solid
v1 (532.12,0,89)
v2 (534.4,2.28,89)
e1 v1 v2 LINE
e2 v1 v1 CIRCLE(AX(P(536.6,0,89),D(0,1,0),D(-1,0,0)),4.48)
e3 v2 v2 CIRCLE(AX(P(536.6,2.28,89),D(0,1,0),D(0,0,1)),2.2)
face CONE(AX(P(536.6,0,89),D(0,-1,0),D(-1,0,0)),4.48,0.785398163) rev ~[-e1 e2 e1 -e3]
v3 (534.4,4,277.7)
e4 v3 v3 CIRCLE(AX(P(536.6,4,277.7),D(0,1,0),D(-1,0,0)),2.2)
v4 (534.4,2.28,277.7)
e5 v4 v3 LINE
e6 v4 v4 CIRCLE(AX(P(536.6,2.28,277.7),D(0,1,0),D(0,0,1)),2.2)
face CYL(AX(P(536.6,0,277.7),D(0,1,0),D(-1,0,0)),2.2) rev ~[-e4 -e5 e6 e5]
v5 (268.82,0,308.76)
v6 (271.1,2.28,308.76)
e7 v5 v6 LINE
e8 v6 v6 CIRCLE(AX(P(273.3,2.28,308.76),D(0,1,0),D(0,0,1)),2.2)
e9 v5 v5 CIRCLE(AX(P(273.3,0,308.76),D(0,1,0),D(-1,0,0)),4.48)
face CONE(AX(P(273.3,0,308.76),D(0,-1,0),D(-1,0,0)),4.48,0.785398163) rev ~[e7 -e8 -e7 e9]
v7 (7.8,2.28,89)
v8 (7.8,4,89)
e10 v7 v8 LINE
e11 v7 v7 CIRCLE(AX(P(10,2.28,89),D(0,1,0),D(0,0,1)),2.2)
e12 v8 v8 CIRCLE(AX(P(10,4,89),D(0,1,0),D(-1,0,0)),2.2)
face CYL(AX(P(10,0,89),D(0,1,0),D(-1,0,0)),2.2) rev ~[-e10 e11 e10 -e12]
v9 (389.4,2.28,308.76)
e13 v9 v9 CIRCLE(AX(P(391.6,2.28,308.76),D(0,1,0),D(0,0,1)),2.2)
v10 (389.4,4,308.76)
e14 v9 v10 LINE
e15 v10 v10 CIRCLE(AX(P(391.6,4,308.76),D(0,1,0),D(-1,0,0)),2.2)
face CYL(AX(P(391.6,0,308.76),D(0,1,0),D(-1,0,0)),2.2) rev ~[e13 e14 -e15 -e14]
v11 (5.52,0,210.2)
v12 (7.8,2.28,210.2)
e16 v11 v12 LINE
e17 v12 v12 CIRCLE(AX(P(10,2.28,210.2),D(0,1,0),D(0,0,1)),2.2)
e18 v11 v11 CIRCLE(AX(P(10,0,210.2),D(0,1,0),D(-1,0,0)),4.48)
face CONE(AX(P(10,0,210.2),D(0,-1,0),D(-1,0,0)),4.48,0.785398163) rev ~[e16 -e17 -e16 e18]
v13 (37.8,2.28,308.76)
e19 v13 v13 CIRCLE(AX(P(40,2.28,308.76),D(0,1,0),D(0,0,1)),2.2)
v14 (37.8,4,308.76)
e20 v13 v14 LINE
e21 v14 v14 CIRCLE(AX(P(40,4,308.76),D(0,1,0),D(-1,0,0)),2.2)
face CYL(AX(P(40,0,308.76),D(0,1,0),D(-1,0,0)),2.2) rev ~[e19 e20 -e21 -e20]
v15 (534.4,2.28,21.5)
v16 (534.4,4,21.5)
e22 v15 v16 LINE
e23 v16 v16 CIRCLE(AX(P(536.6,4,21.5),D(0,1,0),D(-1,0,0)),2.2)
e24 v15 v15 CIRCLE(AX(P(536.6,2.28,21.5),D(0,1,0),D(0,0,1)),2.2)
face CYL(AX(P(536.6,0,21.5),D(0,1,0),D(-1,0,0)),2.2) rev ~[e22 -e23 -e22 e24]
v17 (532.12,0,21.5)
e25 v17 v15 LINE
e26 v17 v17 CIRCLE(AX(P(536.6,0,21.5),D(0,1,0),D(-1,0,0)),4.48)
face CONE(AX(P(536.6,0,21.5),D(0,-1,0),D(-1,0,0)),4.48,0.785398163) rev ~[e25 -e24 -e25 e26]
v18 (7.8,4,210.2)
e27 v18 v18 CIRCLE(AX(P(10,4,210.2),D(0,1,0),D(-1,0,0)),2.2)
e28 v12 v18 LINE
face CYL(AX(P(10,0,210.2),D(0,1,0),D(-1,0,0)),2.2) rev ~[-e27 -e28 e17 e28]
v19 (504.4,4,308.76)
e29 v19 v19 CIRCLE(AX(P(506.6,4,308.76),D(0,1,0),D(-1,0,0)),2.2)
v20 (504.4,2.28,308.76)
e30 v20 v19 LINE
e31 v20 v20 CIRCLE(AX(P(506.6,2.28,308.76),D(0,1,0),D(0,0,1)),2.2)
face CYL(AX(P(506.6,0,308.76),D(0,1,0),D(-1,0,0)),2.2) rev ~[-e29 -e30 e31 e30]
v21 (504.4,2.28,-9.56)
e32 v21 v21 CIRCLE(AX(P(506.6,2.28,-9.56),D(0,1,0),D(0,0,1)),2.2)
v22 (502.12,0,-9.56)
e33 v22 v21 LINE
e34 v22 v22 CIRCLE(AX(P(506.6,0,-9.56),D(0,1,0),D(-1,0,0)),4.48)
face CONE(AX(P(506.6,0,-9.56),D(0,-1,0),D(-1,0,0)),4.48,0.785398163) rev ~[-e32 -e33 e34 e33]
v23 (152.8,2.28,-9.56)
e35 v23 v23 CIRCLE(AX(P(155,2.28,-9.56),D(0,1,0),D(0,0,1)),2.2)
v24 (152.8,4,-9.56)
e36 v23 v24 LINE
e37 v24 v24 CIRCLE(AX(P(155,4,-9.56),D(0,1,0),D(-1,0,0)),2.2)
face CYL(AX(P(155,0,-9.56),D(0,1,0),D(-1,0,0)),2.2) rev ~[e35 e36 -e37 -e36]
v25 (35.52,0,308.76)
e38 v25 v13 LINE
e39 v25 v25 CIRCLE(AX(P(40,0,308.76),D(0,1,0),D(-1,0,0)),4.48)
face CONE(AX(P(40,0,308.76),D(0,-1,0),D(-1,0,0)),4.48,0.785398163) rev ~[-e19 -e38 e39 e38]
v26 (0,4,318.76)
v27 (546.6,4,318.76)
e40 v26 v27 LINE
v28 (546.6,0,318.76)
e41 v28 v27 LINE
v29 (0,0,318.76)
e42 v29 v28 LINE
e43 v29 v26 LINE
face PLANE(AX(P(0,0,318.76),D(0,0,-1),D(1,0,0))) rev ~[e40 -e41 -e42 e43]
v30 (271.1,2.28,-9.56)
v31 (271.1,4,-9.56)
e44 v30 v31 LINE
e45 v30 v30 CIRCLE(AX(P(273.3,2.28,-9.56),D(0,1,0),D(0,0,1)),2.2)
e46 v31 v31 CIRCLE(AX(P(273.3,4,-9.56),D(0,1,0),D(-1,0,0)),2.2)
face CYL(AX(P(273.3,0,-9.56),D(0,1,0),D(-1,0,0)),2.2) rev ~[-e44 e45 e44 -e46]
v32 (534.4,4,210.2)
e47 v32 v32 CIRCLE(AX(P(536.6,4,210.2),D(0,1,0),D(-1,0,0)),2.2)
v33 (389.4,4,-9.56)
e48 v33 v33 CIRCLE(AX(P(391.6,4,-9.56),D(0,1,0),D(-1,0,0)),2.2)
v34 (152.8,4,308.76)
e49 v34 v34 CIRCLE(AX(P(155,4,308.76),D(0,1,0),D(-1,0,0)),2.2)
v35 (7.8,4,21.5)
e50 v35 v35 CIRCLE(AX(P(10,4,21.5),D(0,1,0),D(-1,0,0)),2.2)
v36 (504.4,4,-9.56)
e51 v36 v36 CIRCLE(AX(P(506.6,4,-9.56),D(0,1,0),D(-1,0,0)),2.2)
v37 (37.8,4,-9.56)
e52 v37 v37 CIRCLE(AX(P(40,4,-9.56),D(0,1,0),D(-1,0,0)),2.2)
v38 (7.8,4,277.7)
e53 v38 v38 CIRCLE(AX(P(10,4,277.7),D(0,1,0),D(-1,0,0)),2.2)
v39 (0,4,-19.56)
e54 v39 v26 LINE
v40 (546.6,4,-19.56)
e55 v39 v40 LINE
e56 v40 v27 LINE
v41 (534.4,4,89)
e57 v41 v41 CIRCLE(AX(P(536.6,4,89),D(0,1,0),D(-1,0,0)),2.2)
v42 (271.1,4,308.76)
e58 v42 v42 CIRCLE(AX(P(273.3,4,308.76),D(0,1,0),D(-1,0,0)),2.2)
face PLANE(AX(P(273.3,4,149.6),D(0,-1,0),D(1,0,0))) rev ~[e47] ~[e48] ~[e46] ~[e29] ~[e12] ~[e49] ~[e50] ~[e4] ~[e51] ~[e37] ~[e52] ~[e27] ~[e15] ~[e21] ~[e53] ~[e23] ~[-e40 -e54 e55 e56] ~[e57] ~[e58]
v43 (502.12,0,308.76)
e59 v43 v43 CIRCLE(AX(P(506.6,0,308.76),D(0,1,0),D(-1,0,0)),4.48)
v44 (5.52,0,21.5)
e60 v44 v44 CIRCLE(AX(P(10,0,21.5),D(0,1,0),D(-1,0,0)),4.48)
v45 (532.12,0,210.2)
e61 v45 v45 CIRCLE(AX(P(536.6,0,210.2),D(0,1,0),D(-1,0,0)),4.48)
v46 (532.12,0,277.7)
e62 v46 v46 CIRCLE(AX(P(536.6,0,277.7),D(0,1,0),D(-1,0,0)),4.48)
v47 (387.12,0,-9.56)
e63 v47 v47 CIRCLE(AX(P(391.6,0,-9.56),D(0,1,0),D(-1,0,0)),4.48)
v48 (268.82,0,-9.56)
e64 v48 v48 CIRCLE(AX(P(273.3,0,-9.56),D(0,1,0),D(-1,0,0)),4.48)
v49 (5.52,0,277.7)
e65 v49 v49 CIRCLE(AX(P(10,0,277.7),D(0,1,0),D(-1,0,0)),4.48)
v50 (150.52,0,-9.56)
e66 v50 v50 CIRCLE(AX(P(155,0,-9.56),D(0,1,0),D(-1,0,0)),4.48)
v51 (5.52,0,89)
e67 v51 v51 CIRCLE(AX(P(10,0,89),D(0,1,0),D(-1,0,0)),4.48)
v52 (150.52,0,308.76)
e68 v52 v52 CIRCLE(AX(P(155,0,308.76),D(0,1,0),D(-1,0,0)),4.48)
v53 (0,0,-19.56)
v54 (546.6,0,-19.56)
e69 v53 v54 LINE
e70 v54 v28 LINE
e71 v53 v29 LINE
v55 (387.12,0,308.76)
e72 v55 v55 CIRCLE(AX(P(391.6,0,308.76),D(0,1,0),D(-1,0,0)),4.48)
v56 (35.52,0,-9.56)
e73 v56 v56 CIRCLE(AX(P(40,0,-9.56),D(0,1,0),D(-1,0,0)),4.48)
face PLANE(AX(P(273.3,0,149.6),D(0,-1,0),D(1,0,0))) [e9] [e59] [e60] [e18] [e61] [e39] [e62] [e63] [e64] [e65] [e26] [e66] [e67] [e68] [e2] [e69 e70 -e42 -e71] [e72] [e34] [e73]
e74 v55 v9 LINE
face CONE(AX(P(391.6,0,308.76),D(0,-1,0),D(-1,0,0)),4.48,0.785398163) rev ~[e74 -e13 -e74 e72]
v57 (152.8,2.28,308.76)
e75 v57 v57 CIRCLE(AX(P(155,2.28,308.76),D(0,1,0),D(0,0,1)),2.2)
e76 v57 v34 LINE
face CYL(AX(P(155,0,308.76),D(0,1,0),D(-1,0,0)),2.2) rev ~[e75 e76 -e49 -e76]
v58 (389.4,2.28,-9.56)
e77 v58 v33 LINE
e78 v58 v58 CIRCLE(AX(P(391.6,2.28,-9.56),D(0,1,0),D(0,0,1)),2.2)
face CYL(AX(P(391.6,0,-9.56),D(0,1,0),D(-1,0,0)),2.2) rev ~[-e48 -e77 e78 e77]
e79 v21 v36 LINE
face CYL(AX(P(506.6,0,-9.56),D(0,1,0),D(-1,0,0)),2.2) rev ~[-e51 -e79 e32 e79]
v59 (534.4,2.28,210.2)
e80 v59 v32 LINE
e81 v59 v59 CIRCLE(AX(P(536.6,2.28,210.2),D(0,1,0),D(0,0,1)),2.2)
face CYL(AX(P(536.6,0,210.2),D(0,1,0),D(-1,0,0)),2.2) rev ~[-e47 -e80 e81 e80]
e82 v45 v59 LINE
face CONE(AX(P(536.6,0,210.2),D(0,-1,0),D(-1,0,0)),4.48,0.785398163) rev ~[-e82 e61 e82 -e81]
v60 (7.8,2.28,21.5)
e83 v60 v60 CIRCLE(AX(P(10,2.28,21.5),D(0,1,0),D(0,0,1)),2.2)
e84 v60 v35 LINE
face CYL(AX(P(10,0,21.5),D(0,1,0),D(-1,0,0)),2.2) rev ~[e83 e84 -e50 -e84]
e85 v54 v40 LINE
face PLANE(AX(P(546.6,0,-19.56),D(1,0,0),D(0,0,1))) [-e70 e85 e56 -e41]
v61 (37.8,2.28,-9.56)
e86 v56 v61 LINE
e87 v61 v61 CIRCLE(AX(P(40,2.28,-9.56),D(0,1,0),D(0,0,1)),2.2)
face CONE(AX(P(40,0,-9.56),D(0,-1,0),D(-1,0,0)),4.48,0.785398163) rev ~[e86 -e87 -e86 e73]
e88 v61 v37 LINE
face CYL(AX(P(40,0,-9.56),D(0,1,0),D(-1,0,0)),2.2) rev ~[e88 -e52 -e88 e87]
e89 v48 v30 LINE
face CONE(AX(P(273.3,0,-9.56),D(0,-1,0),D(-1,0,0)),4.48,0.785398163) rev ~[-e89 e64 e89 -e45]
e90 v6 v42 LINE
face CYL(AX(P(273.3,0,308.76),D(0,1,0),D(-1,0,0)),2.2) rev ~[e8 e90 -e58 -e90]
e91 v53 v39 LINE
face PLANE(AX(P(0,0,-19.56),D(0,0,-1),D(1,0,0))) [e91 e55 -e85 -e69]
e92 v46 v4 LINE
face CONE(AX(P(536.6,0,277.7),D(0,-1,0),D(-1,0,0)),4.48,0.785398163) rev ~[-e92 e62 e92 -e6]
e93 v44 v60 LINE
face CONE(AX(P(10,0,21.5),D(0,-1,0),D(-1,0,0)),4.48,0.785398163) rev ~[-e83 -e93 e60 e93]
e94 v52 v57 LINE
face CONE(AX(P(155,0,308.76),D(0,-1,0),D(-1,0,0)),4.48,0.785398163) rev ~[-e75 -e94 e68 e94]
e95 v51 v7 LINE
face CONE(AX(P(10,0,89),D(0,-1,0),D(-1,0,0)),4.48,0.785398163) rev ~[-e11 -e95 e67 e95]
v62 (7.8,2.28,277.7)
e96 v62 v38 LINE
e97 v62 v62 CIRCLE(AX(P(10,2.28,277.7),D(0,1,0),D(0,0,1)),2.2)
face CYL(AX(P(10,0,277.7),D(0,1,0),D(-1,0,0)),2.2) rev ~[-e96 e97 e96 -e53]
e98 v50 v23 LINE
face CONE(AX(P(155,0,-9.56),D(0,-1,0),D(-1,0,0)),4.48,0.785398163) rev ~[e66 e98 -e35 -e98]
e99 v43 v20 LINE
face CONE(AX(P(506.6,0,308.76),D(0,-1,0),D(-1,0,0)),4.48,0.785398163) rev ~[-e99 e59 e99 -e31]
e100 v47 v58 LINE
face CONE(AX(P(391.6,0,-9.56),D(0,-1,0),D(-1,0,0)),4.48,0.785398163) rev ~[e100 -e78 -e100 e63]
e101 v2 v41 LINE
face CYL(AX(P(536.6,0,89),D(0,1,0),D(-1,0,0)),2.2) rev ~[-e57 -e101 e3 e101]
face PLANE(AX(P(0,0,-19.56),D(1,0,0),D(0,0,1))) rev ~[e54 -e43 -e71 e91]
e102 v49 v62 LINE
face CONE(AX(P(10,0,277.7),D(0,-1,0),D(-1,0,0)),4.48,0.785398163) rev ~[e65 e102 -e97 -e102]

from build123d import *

# Parameters (mm, degrees)
F1_W                 = 546.6
F1_H                 = 338.32
F1_W_2               = 478.6
F1_H_2               = 270.32
F2_DEPTH             = 4
F3_D                 = 4.4
F3_CSINK_D           = 8.96
F3_CSINK_ANGLE       = 90
F3_ON_F1_D           = 4.4
F3_ON_F1_CSINK_D     = 8.96
F3_ON_F1_CSINK_ANGLE = 90


with BuildPart() as f2:
    # F1 (on Front) → F2 (new body)
    with BuildSketch(Plane.XZ):
        with Locations((273.3, 149.6)):
            Rectangle(F1_W, F1_H)
        with Locations((273.3, 149.6)):
            Rectangle(F1_W_2, F1_H_2, mode=Mode.SUBTRACT)
        with Locations((273.3, 149.6)):
            Rectangle(F1_W_2, F1_H_2)
    extrude(amount=-F2_DEPTH)

    # F3 (through all)
    with Locations(Plane.XZ):
        with Locations((10, 277.7), (10, 210.2), (10, 89), (10, 21.5), (536.6, 21.5), (536.6, 89), (536.6, 210.2), (536.6, 277.7)):
            CounterSinkHole(F3_D / 2, F3_CSINK_D / 2, counter_sink_angle=F3_CSINK_ANGLE)

    # F3 on F1 (through all)
    with Locations(Plane.XZ):
        with Locations((40, 308.76), (155, 308.76), (273.3, 308.76), (391.6, 308.76), (506.6, 308.76), (40, -9.56), (155, -9.56), (273.3, -9.56), (391.6, -9.56), (506.6, -9.56)):
            CounterSinkHole(F3_ON_F1_D / 2, F3_ON_F1_CSINK_D / 2, counter_sink_angle=F3_ON_F1_CSINK_ANGLE)


solid = f2.part
